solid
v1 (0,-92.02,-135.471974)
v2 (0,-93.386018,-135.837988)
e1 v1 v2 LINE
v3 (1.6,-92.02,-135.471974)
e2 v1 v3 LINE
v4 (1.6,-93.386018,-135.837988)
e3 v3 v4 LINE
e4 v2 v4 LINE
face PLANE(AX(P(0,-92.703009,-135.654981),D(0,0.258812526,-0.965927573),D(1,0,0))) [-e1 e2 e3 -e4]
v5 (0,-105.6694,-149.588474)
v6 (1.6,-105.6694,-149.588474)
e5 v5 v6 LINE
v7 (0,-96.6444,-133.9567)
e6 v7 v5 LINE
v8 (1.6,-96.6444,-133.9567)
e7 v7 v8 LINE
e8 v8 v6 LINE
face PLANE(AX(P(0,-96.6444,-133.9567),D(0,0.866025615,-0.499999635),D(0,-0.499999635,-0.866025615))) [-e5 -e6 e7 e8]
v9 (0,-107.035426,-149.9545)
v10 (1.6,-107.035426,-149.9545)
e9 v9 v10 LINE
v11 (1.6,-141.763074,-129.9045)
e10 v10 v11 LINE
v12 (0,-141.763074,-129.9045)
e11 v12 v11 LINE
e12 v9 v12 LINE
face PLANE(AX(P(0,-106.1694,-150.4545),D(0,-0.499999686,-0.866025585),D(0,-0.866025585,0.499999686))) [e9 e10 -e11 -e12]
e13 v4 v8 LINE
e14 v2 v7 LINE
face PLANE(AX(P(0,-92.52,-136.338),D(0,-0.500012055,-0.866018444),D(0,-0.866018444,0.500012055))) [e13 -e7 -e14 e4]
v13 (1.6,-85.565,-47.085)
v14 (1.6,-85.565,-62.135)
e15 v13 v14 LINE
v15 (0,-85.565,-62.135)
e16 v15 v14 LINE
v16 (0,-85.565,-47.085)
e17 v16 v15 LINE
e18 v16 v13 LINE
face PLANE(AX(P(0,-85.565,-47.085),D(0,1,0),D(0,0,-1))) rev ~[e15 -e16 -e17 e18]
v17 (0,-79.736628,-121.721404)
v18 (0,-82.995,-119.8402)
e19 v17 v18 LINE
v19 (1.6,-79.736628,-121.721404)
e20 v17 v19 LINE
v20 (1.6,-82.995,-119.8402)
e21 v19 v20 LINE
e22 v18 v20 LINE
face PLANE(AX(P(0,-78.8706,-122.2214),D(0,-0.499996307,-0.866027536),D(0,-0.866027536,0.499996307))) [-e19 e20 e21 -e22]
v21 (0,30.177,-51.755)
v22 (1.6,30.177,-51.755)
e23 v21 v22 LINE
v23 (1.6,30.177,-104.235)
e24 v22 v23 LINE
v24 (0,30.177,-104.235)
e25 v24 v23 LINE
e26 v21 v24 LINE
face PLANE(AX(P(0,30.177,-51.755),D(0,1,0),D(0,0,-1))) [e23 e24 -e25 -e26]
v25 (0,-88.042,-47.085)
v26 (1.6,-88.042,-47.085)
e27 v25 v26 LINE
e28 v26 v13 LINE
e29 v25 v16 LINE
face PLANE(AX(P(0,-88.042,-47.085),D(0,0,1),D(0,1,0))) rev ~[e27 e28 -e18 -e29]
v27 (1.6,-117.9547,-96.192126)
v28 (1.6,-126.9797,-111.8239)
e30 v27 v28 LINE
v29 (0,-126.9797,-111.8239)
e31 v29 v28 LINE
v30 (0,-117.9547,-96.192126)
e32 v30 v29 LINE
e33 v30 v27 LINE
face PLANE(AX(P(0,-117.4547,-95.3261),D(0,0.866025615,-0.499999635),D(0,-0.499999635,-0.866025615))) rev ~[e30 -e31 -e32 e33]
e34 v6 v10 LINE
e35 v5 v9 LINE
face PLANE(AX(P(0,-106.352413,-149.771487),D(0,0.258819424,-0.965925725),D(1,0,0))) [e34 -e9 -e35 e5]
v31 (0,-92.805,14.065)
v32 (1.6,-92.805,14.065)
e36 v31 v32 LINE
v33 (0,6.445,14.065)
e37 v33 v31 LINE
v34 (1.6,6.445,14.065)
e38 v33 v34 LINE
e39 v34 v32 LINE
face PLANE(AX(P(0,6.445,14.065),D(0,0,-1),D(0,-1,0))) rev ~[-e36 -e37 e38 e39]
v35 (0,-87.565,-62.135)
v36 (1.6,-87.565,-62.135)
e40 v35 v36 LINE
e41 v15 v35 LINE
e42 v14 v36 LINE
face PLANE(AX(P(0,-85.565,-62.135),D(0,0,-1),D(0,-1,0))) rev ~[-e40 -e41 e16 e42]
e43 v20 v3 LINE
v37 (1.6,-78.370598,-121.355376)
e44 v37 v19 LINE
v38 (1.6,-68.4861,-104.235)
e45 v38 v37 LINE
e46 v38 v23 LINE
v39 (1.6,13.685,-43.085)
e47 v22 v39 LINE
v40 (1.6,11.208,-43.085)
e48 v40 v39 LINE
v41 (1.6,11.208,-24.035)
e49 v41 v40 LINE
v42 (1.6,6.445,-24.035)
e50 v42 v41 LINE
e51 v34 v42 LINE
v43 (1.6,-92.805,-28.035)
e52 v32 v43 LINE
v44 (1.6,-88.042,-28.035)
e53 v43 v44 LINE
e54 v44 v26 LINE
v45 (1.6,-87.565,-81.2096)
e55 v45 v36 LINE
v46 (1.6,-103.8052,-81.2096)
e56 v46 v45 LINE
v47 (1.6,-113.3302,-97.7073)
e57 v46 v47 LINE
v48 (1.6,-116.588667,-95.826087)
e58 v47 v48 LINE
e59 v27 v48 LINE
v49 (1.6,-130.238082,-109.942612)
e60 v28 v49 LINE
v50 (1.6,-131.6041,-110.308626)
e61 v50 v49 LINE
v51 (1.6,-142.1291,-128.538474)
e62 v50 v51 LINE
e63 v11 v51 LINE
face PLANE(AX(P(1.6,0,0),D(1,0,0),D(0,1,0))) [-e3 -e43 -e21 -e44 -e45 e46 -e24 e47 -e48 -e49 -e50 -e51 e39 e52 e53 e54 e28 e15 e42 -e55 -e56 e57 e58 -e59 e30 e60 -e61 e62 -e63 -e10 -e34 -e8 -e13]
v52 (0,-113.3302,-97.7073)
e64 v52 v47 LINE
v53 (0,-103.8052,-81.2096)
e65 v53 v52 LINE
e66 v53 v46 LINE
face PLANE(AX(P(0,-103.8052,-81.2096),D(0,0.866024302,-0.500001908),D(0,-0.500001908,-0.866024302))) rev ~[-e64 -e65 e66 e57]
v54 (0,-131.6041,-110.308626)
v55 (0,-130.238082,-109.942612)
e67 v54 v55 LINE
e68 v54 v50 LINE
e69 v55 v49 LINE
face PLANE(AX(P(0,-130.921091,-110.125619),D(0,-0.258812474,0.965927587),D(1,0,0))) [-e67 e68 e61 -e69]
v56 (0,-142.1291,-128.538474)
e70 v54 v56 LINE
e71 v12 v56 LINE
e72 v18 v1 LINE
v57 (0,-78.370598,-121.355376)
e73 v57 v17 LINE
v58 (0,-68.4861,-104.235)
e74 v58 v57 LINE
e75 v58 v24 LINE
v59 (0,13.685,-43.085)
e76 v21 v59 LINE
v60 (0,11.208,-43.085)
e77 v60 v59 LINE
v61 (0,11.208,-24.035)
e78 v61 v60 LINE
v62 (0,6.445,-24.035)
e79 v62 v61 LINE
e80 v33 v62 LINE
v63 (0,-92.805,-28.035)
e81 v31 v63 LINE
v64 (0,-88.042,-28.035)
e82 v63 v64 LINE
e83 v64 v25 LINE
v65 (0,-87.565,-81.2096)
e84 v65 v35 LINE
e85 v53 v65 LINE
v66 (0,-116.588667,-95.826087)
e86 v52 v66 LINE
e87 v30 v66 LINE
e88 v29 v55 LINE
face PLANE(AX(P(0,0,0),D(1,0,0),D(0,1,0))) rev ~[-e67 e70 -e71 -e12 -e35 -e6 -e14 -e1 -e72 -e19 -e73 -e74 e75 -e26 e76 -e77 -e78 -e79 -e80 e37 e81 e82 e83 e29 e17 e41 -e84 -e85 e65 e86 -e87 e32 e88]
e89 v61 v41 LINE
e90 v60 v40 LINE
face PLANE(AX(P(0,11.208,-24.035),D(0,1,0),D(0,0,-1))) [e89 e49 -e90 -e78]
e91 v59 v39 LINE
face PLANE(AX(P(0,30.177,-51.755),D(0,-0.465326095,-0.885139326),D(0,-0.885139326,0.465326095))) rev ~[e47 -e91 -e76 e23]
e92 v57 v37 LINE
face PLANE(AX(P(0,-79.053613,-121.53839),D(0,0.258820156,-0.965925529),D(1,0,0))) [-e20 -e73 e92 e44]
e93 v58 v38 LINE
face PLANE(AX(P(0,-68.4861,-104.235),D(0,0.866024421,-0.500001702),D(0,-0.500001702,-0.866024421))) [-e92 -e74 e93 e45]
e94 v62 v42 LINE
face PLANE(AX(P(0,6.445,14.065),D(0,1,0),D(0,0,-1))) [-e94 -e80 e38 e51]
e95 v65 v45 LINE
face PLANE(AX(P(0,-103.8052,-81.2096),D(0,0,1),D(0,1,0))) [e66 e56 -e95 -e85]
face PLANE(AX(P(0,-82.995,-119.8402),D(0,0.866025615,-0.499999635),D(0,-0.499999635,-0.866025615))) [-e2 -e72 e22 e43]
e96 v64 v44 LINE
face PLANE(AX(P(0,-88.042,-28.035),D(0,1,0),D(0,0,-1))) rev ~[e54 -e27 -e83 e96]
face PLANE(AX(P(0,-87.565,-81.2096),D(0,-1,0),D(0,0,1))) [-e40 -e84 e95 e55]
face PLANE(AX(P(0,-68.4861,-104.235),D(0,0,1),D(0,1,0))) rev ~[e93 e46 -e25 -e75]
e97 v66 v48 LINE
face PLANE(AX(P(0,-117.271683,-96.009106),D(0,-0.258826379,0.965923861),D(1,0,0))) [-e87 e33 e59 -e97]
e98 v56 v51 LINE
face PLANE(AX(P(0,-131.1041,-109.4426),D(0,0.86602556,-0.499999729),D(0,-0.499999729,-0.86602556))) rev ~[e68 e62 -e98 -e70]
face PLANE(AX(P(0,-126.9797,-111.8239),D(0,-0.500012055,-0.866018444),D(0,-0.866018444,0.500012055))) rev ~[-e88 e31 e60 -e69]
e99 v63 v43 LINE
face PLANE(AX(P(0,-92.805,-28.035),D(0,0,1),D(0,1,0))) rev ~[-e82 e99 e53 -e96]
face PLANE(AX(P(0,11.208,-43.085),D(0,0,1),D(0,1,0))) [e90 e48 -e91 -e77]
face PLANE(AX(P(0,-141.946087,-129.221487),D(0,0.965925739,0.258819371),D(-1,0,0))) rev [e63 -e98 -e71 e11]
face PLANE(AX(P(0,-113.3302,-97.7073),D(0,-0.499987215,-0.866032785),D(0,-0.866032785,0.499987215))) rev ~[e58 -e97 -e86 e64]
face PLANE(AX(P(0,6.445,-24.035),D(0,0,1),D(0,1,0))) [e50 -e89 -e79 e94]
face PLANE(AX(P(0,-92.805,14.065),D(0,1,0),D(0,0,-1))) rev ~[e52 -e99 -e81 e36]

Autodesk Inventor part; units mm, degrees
ref_plane "YZ Plane" through (0, 0, 0) normal (1, 0, 0) x (0, 1, 0)
ref_plane "XZ Plane" through (0, 0, 0) normal (0, 1, 0) x (-1, 0, 0)
ref_plane "XY Plane" through (0, 0, 0) normal (0, 0, 1) x (1, 0, 0)
sketch "Key" plane through (0, 0, 0) normal (0, 0, 1) x (1, 0, 0)
  line L0 (-9.525, 9.525) -> (9.525, 9.525) construction
  line L1 (9.525, 9.525) -> (9.525, -9.525) construction
  line L2 (9.525, -9.525) -> (-9.525, -9.525) construction
  line L3 (-9.525, -9.525) -> (-9.525, 9.525) construction
  line L4 (-9.525, 9.525) -> (9.525, -9.525) construction
  line L5 (9.525, 9.525) -> (-9.525, -9.525) construction
  point P0 (0, 0)
  point P1 (0, 0)
  dimension "d6" = 19.05
  dimension "d7" = 19.05
sketch "Col5" plane through (0, 0, 0) normal (0, 0, 1) x (1, 0, 0)
  point P0 (-10.8651, 0)
sketch "Col4" plane through (0, 0, 0) normal (0, 0, 1) x (1, 0, 0)
  point P0 (-10.8651, 0)
sketch "TC" plane through (0, 0, 0) normal (0, 0, 1) x (1, 0, 0)
  point P0 (-22.1335, 152.0917)
  dimension "d12" = 4.7625
  dimension "d13" = 4.7625
  dimension "d14" = 19.6363
sketch "Esquisse1" plane through (0, 0, 0) normal (1, 0, 0) x (0, 1, 0)
  line L0 (28.177, -71.755) -> (10.397, -71.755) construction
  line L1 (10.397, -71.755) -> (10.397, -102.235) construction
  line L2 (10.397, -102.235) -> (28.177, -102.235)
  line L3 (28.177, -102.235) -> (28.177, -71.755) construction
  line L4 (28.177, -71.755) -> (10.397, -102.235) construction
  line L5 (10.397, -71.755) -> (28.177, -102.235) construction
  line L6 (6.445, 14.065) -> (-92.805, 14.065)
  line L7 (6.445, 14.065) -> (6.445, -24.035)
  line L8 (-68.4861, -104.235) -> (30.177, -104.235)
  line L9 (30.177, -51.755) -> (30.177, -104.235)
  line L10 (-106.1694, -150.4545) -> (-142.6291, -129.4045)
  line L11 (-103.8052, -81.2096) -> (-113.3302, -97.7073)
  line L12 (-113.3302, -97.7073) -> (-117.4547, -95.3261)
  line L13 (-117.4547, -95.3261) -> (-126.9797, -111.8239)
  line L14 (-126.9797, -111.8239) -> (-131.1041, -109.4426)
  line L15 (-131.1041, -109.4426) -> (-142.6291, -129.4045)
  line L16 (-68.4861, -104.235) -> (-78.8706, -122.2214)
  line L17 (-78.8706, -122.2214) -> (-82.995, -119.8402)
  line L18 (-82.995, -119.8402) -> (-92.52, -136.338)
  line L19 (-92.52, -136.338) -> (-96.6444, -133.9567)
  line L20 (-96.6444, -133.9567) -> (-106.1694, -150.4545)
  line L21 (-92.805, 14.065) -> (-92.805, -28.035)
  line L22 (-92.805, -28.035) -> (-88.042, -28.035)
  line L23 (-88.042, -28.035) -> (-88.042, -47.085)
  line L24 (-88.042, -47.085) -> (-85.565, -47.085)
  line L25 (-85.565, -47.085) -> (-85.565, -62.135)
  line L26 (-85.565, -62.135) -> (-87.565, -62.135)
  line L27 (-89.5164, -89.4592) -> (-103.8052, -81.2096) construction
  line L28 (6.445, -24.035) -> (11.208, -24.035)
  line L29 (11.208, -24.035) -> (11.208, -43.085)
  line L30 (11.208, -43.085) -> (13.685, -43.085)
  line L31 (30.177, -51.755) -> (13.685, -43.085)
  line L32 (-78.8706, -122.2214) -> (-92.52, -136.338) construction
  line L33 (-92.52, -136.338) -> (-106.1694, -150.4545) construction
  line L34 (-103.8052, -81.2096) -> (-117.4547, -95.3261) construction
  line L35 (-131.1041, -109.4426) -> (-117.4547, -95.3261) construction
  line L36 (-103.8052, -81.2096) -> (-87.565, -81.2096)
  line L37 (-87.565, -81.2096) -> (-87.565, -62.135)
  point P0 (-5.08, 2.54)
  point P1 (19.287, -86.995)
  point P2 (-5.08, 2.54)
  point P3 (-86.042, -35.56)
  point P4 (0, 0)
extrude "Extrusion1" add sketch "Esquisse1" along normal blind 1.6
chamfer "Chanfrein5" distance 1 angle 45 6 edges at (0.8, -117.4547, -95.3261) (0.8, -131.1041, -109.4426) (0.8, -142.6291, -129.4045) (0.8, -106.1694, -150.4545) (0.8, -92.52, -136.338) (0.8, -78.8706, -122.2214)
properties part number "board-profile"
